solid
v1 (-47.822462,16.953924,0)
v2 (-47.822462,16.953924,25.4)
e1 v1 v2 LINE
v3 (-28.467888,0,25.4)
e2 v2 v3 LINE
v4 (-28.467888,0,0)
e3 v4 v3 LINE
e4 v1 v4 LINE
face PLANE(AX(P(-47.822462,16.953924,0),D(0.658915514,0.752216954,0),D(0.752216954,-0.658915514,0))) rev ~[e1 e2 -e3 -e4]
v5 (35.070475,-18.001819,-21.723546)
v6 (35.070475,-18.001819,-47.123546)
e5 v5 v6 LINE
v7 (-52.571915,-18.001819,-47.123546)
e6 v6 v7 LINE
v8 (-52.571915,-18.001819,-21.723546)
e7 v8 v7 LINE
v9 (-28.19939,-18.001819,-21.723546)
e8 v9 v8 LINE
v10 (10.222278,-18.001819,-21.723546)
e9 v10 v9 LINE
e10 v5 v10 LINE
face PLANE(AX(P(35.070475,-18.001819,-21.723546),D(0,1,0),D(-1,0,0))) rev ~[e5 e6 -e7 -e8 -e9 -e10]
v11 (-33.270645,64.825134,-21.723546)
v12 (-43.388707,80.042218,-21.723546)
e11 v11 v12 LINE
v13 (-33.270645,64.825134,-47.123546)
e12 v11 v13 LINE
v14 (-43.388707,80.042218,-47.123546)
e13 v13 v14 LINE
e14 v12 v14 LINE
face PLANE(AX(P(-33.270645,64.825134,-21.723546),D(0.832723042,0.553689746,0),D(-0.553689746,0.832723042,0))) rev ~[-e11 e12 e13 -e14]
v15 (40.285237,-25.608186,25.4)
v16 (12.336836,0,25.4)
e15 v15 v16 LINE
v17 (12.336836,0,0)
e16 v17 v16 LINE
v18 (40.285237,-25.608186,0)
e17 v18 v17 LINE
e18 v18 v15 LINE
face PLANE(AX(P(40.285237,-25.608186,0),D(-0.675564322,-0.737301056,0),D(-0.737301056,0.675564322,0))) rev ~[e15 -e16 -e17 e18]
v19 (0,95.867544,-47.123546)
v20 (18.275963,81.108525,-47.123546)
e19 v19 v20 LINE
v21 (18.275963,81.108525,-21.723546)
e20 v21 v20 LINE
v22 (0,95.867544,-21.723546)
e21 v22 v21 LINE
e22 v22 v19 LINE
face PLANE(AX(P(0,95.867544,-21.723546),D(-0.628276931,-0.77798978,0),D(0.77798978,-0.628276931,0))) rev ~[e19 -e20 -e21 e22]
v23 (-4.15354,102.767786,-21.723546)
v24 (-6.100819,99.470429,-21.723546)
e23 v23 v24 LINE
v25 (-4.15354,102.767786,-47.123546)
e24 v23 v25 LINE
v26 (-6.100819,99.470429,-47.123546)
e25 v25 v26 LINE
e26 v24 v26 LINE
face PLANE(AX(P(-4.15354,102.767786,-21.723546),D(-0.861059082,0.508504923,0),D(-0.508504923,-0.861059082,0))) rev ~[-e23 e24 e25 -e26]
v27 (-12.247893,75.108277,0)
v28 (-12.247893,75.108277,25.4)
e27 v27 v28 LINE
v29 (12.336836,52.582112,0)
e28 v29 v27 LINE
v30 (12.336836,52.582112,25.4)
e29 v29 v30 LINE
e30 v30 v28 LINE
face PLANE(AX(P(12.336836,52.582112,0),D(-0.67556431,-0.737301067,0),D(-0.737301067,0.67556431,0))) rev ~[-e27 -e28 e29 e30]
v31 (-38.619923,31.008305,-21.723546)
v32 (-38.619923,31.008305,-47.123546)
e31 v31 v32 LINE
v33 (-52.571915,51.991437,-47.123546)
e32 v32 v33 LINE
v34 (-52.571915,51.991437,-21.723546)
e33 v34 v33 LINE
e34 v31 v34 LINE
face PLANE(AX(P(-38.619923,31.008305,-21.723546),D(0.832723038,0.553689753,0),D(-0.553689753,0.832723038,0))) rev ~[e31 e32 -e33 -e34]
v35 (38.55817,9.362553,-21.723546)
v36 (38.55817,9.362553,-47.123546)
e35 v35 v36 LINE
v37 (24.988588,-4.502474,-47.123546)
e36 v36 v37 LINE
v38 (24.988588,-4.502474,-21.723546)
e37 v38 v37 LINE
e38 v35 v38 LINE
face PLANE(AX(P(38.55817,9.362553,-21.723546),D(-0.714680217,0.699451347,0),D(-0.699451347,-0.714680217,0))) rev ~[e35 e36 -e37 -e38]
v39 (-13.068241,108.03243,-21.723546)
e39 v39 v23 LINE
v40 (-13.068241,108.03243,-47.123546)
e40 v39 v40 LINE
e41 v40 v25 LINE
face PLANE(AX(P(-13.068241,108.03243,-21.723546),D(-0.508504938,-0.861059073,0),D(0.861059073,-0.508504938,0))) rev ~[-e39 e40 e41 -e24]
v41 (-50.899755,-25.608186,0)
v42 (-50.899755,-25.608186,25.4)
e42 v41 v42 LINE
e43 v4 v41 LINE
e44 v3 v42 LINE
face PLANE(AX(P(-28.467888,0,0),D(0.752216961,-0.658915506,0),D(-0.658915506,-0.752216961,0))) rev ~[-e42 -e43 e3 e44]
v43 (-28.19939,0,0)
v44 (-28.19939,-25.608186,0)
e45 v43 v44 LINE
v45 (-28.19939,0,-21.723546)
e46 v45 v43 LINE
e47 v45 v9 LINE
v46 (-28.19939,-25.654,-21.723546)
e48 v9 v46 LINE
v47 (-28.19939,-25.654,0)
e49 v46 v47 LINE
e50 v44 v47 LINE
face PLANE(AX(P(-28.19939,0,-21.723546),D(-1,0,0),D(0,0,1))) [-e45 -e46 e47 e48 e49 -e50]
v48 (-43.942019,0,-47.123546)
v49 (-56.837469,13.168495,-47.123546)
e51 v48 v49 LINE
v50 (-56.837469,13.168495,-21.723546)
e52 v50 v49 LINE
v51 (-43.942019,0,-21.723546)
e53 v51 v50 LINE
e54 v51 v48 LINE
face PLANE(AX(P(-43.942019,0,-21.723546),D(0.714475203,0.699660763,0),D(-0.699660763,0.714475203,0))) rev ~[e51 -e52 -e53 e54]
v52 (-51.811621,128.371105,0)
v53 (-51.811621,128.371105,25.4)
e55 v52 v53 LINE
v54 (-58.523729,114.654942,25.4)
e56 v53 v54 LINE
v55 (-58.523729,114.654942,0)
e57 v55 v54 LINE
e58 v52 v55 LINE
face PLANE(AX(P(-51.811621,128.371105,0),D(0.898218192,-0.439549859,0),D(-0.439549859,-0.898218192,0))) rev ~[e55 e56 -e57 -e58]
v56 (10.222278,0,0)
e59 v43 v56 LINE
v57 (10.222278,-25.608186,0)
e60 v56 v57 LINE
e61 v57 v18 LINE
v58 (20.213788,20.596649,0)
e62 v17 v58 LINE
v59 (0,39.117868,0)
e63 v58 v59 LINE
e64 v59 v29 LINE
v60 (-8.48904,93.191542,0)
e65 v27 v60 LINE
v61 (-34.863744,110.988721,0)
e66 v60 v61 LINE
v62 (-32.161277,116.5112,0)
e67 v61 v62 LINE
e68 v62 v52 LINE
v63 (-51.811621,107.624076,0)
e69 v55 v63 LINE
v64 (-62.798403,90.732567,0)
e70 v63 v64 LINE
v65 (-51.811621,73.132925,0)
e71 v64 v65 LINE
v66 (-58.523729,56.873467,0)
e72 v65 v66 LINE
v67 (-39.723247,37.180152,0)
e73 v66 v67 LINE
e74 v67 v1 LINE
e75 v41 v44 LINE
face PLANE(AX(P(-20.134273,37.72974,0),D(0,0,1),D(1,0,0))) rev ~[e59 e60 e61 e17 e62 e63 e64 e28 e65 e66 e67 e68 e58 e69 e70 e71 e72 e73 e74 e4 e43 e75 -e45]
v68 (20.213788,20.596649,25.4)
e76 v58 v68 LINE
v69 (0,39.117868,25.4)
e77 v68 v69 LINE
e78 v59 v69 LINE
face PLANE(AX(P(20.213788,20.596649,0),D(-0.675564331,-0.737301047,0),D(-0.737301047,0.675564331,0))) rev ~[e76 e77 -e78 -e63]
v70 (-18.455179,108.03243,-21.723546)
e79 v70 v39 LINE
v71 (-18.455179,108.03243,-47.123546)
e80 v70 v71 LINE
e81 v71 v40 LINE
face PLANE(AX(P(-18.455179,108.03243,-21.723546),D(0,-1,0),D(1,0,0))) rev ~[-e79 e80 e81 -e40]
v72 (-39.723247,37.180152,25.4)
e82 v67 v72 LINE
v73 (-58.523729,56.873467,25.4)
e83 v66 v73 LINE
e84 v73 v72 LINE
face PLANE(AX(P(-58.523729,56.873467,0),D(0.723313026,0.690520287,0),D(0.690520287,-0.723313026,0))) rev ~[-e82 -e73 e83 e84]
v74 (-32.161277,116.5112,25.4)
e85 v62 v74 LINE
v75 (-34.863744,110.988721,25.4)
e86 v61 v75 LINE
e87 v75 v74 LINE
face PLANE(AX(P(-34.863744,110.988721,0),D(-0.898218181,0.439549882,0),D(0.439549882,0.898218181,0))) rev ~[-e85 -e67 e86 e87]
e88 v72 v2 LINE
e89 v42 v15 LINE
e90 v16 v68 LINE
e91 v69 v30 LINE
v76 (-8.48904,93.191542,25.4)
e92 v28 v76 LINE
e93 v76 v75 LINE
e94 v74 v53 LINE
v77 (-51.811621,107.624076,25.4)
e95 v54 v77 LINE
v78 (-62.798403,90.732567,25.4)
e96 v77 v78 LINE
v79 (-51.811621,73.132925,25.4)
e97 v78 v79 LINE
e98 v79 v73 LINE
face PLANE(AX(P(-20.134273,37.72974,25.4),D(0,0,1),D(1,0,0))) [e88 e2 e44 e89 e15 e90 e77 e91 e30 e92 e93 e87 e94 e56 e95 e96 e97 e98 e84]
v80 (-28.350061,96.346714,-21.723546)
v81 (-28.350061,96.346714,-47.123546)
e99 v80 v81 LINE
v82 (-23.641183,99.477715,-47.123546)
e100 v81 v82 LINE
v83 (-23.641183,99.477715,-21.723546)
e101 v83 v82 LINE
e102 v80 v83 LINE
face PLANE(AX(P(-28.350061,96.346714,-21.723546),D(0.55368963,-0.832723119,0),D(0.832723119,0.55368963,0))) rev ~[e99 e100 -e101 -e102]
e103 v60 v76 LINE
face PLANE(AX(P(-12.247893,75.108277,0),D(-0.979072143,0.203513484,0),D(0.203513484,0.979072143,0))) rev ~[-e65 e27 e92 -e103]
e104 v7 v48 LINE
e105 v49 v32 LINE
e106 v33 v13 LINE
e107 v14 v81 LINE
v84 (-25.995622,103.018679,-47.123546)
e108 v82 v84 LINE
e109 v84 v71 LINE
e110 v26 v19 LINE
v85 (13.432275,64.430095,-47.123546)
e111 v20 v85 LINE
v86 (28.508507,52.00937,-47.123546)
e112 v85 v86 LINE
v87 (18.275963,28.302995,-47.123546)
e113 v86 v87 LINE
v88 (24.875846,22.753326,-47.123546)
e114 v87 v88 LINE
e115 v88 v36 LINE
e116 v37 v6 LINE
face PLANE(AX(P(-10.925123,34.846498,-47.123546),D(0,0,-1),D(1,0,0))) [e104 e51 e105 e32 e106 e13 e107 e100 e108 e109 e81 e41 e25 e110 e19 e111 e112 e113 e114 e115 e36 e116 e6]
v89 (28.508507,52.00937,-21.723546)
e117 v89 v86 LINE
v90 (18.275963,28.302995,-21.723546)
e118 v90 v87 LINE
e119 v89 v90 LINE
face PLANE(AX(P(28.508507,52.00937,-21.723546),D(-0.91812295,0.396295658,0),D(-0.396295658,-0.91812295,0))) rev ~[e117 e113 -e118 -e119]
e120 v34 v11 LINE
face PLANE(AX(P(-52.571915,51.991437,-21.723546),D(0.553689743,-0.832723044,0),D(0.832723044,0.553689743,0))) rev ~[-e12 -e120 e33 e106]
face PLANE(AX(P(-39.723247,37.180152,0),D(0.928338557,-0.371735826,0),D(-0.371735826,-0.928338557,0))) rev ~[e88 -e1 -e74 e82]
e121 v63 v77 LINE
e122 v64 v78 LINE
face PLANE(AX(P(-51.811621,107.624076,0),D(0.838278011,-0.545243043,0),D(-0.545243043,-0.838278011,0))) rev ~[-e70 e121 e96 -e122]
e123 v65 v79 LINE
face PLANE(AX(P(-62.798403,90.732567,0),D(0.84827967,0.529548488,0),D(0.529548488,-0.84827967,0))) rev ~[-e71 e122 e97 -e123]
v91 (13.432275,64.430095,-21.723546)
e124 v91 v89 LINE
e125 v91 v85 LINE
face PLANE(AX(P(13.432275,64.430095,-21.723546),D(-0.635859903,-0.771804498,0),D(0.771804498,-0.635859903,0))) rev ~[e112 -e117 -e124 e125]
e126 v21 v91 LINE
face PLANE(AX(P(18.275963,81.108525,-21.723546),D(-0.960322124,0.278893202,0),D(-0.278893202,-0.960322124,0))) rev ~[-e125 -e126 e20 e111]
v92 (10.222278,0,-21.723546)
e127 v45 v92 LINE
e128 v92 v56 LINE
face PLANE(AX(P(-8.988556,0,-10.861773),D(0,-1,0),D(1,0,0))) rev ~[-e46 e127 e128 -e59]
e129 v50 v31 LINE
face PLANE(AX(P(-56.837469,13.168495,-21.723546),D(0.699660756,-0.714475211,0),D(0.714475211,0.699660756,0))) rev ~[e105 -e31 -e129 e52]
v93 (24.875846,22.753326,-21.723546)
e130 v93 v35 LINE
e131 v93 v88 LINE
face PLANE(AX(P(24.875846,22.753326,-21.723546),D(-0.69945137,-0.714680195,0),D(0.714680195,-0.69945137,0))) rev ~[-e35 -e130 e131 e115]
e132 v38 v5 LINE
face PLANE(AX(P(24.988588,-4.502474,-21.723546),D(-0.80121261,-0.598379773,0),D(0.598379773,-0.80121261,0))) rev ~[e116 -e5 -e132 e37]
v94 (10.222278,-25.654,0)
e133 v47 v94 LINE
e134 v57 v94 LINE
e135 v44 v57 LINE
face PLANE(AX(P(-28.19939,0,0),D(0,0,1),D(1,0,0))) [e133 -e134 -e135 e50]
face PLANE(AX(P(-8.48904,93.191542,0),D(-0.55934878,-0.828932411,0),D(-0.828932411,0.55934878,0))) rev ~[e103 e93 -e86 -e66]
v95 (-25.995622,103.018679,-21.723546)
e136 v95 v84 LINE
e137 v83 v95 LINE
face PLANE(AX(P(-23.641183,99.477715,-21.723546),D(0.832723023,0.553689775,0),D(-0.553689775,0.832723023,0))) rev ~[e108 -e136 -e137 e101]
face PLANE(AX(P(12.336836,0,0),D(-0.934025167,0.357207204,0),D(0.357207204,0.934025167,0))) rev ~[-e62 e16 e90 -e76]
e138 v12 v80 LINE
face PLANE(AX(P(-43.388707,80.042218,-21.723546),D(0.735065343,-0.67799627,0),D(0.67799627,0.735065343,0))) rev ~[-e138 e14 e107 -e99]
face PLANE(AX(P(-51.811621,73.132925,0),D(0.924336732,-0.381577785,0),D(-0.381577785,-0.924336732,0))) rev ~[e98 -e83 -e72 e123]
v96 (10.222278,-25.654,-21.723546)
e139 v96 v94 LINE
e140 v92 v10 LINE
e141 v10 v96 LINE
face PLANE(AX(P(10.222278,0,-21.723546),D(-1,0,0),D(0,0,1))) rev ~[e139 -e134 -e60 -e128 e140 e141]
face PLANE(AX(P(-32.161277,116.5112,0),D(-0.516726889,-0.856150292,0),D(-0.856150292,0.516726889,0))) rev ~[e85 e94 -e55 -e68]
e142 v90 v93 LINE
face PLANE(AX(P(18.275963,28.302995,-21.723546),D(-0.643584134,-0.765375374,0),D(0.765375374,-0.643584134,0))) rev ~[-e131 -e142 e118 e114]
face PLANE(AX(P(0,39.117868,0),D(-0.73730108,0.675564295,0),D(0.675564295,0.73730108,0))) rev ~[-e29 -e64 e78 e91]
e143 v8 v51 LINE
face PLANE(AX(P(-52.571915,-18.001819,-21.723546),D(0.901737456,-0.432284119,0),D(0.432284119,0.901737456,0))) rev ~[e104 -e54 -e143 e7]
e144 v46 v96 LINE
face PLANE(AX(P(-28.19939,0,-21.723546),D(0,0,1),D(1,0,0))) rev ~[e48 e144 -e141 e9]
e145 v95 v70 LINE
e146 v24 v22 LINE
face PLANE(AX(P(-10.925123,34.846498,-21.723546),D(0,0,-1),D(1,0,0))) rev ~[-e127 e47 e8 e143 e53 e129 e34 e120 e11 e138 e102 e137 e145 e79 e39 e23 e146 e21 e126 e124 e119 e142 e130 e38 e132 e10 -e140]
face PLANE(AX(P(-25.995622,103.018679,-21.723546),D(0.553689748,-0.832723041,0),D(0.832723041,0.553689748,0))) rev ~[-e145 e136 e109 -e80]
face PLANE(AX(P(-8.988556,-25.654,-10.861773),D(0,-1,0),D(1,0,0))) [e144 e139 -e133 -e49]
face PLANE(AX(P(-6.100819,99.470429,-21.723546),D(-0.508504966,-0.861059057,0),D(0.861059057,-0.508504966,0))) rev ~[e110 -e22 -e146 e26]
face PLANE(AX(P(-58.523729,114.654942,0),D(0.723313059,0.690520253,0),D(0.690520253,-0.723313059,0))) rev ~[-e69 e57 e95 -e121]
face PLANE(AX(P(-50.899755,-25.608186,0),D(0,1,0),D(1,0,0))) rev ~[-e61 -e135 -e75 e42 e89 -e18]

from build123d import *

# Parameters (mm, degrees)
F0_W     = 38.421668
F0_H     = 21.723546
F1_DEPTH = 25.654
F3_DEPTH = 25.4
F5_DEPTH = 25.4


with BuildPart() as f1:
    # F0 (on Front) → F1 (new body)
    with BuildSketch(Plane.XZ):
        with Locations((-8.988556, -10.861773)):
            Rectangle(F0_W, F0_H)
    extrude(amount=F1_DEPTH)

    # F2 (on Top) → F3 (join)
    with BuildSketch(Plane.XY):
        Polygon((40.285237, -25.608186), (12.336836, 0), (20.213788, 20.596649), (0, 39.117868), (12.336836, 52.582112), (-12.247893, 75.108277), (-8.48904, 93.191542), (-34.863744, 110.988721), (-32.161277, 116.5112), (-51.811621, 128.371105), (-58.523729, 114.654942), (-51.811621, 107.624076), (-62.798403, 90.732567), (-51.811621, 73.132925), (-58.523729, 56.873467), (-39.723247, 37.180152), (-47.822462, 16.953924), (-28.467888, 0), (-50.899755, -25.608186), (12.03411, -25.608186), align=None)
    extrude(amount=F3_DEPTH)

    # F4 (on face) → F5 (join)
    with BuildSketch(Plane(origin=(0, 0, -21.723546), x_dir=(1, 0, 0), z_dir=(0, 0, -1))):
        Polygon((35.070475, 18.001819), (-28.19939, 18.001819), (-52.571915, 18.001819), (-43.942019, 0), (-56.837469, -13.168495), (-38.619923, -31.008305), (-52.571915, -51.991437), (-33.270645, -64.825134), (-43.388707, -80.042218), (-28.350061, -96.346714), (-23.641183, -99.477715), (-25.995622, -103.018679), (-18.455179, -108.03243), (-13.068241, -108.03243), (-4.15354, -102.767786), (-6.100819, -99.470429), (0, -95.867544), (18.275963, -81.108525), (13.432275, -64.430095), (28.508507, -52.00937), (18.275963, -28.302995), (24.875846, -22.753326), (38.55817, -9.362553), (24.988588, 4.502474), align=None)
    extrude(amount=F5_DEPTH)


solid = f1.part
